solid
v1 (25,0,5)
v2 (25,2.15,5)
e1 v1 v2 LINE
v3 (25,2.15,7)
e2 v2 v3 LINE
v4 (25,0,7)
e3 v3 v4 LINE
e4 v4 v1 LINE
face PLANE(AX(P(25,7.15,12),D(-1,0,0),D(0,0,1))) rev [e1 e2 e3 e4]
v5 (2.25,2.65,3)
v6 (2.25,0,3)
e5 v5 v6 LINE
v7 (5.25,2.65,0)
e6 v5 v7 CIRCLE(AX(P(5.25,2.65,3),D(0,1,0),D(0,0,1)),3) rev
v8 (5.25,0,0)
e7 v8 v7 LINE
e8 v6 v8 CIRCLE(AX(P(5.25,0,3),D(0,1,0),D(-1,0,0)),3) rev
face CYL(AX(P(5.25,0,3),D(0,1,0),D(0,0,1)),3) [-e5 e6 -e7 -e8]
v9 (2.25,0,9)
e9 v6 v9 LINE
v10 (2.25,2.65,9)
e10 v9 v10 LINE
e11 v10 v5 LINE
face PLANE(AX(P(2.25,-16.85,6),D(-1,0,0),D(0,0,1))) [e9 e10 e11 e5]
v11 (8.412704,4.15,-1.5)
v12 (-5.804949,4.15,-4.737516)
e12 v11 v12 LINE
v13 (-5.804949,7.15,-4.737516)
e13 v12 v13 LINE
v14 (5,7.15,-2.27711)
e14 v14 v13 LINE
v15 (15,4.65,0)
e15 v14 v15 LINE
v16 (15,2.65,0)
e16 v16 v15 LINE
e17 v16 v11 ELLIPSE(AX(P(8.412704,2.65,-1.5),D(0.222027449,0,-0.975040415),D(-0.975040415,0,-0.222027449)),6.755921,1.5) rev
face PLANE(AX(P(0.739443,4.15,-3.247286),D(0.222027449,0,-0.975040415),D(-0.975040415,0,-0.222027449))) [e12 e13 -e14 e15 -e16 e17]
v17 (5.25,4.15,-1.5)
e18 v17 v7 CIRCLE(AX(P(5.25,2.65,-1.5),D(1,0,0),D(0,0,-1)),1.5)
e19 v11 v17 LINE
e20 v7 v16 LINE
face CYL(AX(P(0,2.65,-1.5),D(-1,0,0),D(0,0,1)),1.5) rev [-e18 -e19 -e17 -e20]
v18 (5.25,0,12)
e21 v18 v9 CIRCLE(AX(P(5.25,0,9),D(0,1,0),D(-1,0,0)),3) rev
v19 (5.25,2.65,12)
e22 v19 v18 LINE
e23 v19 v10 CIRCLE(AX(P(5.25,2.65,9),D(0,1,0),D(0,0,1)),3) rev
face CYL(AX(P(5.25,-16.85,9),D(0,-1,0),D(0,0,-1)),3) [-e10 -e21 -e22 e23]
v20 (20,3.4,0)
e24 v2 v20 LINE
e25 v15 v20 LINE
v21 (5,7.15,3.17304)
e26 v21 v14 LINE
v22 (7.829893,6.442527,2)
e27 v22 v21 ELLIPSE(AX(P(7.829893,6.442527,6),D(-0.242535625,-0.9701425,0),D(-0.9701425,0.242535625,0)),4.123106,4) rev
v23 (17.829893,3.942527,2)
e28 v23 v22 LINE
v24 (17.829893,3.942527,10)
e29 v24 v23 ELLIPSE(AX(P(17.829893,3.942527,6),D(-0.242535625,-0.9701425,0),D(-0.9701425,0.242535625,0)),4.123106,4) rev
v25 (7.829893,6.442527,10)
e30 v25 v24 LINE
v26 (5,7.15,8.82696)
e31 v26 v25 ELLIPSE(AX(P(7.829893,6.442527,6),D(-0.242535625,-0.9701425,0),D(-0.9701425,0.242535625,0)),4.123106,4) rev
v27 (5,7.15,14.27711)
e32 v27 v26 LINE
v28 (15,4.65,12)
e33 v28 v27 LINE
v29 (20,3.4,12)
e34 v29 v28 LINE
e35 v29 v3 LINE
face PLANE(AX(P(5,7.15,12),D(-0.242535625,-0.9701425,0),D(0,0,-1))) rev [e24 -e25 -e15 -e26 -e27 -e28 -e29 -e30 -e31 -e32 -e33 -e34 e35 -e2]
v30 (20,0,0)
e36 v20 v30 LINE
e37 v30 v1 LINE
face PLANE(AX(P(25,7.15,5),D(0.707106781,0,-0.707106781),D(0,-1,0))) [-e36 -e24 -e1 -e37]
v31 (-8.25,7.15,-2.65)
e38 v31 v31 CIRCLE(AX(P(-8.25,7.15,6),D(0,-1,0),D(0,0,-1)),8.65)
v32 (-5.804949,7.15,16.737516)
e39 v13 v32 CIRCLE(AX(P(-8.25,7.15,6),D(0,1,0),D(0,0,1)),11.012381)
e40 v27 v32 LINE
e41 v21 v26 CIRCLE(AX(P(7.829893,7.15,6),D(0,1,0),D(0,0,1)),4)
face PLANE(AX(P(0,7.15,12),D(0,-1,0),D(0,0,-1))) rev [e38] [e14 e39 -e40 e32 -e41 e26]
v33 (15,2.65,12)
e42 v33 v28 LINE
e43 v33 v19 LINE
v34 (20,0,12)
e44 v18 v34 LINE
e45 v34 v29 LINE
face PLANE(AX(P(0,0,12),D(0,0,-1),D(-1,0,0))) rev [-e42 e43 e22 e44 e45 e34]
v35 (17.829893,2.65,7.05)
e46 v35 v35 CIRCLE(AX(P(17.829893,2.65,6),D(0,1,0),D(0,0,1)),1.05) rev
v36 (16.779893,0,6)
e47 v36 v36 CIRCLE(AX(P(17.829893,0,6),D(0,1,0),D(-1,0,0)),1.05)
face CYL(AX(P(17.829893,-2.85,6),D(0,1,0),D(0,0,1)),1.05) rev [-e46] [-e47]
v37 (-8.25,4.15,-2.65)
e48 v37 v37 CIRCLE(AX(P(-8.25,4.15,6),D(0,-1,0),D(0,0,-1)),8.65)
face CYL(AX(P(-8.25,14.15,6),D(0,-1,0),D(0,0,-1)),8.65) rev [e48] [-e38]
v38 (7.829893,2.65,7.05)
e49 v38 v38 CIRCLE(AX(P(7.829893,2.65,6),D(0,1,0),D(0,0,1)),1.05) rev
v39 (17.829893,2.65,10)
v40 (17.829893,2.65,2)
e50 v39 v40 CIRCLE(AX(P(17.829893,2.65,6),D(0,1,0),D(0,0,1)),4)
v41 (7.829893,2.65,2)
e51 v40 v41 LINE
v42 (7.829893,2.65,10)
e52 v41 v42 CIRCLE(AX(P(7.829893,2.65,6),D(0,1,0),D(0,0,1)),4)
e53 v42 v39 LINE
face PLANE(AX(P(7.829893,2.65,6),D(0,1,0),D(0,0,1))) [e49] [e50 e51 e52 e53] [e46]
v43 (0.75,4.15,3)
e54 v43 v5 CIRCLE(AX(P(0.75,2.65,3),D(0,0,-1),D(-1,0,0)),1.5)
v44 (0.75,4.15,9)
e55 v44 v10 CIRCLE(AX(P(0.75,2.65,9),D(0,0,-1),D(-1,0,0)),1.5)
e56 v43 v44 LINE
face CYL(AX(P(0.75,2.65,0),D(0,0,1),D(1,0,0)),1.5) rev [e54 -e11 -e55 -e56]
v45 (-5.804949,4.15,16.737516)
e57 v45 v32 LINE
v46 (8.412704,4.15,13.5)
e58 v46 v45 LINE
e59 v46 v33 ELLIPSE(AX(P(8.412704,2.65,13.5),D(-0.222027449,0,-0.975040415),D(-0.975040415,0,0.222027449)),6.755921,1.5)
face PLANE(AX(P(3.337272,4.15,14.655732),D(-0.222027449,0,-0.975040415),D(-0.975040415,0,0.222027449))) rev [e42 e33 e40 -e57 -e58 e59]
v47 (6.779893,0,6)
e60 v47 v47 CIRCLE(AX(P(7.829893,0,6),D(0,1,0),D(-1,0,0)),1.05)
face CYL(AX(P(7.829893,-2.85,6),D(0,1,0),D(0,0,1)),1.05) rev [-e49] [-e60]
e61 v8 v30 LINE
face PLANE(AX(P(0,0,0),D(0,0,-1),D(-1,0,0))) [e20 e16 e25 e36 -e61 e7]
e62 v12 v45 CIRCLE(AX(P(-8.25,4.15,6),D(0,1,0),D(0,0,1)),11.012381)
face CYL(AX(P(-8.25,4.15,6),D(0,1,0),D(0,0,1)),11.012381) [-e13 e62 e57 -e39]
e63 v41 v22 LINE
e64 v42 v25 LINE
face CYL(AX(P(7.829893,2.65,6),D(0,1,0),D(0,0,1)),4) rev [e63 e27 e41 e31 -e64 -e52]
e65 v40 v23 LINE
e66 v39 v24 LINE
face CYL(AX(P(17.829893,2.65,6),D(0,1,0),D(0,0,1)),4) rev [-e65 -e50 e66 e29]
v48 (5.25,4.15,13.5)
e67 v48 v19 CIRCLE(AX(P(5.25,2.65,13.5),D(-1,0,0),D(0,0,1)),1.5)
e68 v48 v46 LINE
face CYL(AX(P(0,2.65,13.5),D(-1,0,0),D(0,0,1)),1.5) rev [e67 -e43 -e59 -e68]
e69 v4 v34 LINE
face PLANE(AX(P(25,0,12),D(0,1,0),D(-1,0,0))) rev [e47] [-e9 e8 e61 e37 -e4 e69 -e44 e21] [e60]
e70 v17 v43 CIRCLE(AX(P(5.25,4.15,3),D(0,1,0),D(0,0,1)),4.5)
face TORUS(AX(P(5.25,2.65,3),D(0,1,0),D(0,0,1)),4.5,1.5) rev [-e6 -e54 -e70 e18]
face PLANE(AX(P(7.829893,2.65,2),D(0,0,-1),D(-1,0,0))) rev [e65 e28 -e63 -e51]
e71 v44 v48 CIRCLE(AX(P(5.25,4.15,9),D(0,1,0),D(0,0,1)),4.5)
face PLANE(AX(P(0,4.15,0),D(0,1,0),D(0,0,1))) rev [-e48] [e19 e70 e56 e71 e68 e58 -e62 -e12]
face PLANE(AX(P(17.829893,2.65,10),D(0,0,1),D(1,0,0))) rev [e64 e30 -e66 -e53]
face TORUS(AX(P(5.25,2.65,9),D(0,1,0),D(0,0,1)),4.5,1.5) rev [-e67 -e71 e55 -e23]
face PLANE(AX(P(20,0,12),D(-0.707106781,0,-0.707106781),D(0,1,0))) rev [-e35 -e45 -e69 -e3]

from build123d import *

# Parameters (mm, degrees)
SKETCH1_W           = 25
SKETCH1_H           = 7.15
BOSS_EXTRUDE1_DEPTH = 12
BOSS_EXTRUDE2_DEPTH = 3
CUT_EXTRUDE1_DEPTH  = 21
SKETCH4_R           = 8.65
CUT_EXTRUDE2_DEPTH  = 10
CHAMFER1_SIZE       = 5
CHAMFER1_SIZE2      = 20
CHAMFER2_SIZE       = 5
SKETCH6_R           = 1.05
CUT_EXTRUDE3_DEPTH  = 10
CUT_EXTRUDE4_DEPTH  = 4.5
FILLET1_R           = 3
FILLET2_R           = 1.5


with BuildPart() as part:
    # Sketch1 → Boss-Extrude1 (new body)
    with BuildSketch(Plane.XY):
        with Locations((12.5, 3.575)):
            Rectangle(SKETCH1_W, SKETCH1_H)
    extrude(amount=BOSS_EXTRUDE1_DEPTH)

    # Sketch2 → Boss-Extrude2 (add)
    with BuildSketch(Plane(origin=(0, 7.15, 0), x_dir=(1, 0, 0), z_dir=(0, 1, 0))):
        with BuildLine():
            Line((15, -12), (15, -6))
            Line((15, -6), (15, 0))
            Line((15, 0), (-5.804949202, 4.737516245))
            ThreePointArc((-5.804949202, 4.737516245), (-19.262380692, -6), (-5.804949202, -16.737516245))
            Line((-5.804949202, -16.737516245), (15, -12))
        make_face()
    extrude(amount=-BOSS_EXTRUDE2_DEPTH)

    # Sketch3 → Cut-Extrude1 (cut)
    with BuildSketch(Plane.XZ.offset(-4.15)):
        Polygon((2.25, 6), (2.25, 12), (0, 12), (0, 0), (2.25, 0), align=None)
    extrude(amount=CUT_EXTRUDE1_DEPTH, mode=Mode.SUBTRACT)

    # Sketch4 → Cut-Extrude2 (cut)
    with BuildSketch(Plane.XZ.offset(-4.15)):
        with Locations((-8.25, 6)):
            Circle(SKETCH4_R)
    extrude(amount=-CUT_EXTRUDE2_DEPTH, mode=Mode.SUBTRACT)

    # Chamfer1
    chamfer1_edges = [part.edges().sort_by_distance(p)[0] for p in [
        (25, 7.15, 6),
    ]]
    chamfer1_side = [part.faces().sort_by_distance(p)[0] for p in [
        (25, 3.575, 6),
    ]]
    chamfer(chamfer1_edges, length=CHAMFER1_SIZE, length2=CHAMFER1_SIZE2, reference=chamfer1_side[0])

    # Chamfer2
    chamfer2_edges = [part.edges().sort_by_distance(p)[0] for p in [
        (25, 1.075, 0),
        (25, 1.075, 12),
    ]]
    chamfer(chamfer2_edges, length=CHAMFER2_SIZE)

    # Sketch6 → Cut-Extrude3 (cut)
    with BuildSketch(Plane(origin=(0, 7.15, 0), x_dir=(1, 0, 0), z_dir=(0, 1, 0))):
        with Locations((7.829893366, -6)):
            Circle(SKETCH6_R)
        with Locations((17.829893366, -6)):
            Circle(SKETCH6_R)
    extrude(amount=-CUT_EXTRUDE3_DEPTH, mode=Mode.SUBTRACT)

    # Sketch7 → Cut-Extrude4 (cut)
    with BuildSketch(Plane(origin=(0, 7.15, 0), x_dir=(1, 0, 0), z_dir=(0, 1, 0))):
        with BuildLine():
            Line((7.829893366, -2), (17.829893366, -2))
            ThreePointArc((17.829893366, -2), (21.829893366, -6), (17.829893366, -10))
            Line((17.829893366, -10), (7.829893366, -10))
            ThreePointArc((7.829893366, -10), (3.829893366, -6), (7.829893366, -2))
        make_face()
    extrude(amount=-CUT_EXTRUDE4_DEPTH, mode=Mode.SUBTRACT)

    # Fillet1
    fillet1_edges = [part.edges().sort_by_distance(p)[0] for p in [
        (2.25, 2.075, 0),
        (2.25, 2.075, 12),
    ]]
    fillet(fillet1_edges, radius=FILLET1_R)

    # Fillet2
    fillet2_edges = [part.edges().sort_by_distance(p)[0] for p in [
        (2.25, 4.15, 6),
        (10.125, 4.15, 12),
        (3.128679656, 4.15, 11.121320344),
        (3.128679656, 4.15, 0.878679656),
        (10.125, 4.15, 0),
    ]]
    fillet(fillet2_edges, radius=FILLET2_R)


solid = part.part
